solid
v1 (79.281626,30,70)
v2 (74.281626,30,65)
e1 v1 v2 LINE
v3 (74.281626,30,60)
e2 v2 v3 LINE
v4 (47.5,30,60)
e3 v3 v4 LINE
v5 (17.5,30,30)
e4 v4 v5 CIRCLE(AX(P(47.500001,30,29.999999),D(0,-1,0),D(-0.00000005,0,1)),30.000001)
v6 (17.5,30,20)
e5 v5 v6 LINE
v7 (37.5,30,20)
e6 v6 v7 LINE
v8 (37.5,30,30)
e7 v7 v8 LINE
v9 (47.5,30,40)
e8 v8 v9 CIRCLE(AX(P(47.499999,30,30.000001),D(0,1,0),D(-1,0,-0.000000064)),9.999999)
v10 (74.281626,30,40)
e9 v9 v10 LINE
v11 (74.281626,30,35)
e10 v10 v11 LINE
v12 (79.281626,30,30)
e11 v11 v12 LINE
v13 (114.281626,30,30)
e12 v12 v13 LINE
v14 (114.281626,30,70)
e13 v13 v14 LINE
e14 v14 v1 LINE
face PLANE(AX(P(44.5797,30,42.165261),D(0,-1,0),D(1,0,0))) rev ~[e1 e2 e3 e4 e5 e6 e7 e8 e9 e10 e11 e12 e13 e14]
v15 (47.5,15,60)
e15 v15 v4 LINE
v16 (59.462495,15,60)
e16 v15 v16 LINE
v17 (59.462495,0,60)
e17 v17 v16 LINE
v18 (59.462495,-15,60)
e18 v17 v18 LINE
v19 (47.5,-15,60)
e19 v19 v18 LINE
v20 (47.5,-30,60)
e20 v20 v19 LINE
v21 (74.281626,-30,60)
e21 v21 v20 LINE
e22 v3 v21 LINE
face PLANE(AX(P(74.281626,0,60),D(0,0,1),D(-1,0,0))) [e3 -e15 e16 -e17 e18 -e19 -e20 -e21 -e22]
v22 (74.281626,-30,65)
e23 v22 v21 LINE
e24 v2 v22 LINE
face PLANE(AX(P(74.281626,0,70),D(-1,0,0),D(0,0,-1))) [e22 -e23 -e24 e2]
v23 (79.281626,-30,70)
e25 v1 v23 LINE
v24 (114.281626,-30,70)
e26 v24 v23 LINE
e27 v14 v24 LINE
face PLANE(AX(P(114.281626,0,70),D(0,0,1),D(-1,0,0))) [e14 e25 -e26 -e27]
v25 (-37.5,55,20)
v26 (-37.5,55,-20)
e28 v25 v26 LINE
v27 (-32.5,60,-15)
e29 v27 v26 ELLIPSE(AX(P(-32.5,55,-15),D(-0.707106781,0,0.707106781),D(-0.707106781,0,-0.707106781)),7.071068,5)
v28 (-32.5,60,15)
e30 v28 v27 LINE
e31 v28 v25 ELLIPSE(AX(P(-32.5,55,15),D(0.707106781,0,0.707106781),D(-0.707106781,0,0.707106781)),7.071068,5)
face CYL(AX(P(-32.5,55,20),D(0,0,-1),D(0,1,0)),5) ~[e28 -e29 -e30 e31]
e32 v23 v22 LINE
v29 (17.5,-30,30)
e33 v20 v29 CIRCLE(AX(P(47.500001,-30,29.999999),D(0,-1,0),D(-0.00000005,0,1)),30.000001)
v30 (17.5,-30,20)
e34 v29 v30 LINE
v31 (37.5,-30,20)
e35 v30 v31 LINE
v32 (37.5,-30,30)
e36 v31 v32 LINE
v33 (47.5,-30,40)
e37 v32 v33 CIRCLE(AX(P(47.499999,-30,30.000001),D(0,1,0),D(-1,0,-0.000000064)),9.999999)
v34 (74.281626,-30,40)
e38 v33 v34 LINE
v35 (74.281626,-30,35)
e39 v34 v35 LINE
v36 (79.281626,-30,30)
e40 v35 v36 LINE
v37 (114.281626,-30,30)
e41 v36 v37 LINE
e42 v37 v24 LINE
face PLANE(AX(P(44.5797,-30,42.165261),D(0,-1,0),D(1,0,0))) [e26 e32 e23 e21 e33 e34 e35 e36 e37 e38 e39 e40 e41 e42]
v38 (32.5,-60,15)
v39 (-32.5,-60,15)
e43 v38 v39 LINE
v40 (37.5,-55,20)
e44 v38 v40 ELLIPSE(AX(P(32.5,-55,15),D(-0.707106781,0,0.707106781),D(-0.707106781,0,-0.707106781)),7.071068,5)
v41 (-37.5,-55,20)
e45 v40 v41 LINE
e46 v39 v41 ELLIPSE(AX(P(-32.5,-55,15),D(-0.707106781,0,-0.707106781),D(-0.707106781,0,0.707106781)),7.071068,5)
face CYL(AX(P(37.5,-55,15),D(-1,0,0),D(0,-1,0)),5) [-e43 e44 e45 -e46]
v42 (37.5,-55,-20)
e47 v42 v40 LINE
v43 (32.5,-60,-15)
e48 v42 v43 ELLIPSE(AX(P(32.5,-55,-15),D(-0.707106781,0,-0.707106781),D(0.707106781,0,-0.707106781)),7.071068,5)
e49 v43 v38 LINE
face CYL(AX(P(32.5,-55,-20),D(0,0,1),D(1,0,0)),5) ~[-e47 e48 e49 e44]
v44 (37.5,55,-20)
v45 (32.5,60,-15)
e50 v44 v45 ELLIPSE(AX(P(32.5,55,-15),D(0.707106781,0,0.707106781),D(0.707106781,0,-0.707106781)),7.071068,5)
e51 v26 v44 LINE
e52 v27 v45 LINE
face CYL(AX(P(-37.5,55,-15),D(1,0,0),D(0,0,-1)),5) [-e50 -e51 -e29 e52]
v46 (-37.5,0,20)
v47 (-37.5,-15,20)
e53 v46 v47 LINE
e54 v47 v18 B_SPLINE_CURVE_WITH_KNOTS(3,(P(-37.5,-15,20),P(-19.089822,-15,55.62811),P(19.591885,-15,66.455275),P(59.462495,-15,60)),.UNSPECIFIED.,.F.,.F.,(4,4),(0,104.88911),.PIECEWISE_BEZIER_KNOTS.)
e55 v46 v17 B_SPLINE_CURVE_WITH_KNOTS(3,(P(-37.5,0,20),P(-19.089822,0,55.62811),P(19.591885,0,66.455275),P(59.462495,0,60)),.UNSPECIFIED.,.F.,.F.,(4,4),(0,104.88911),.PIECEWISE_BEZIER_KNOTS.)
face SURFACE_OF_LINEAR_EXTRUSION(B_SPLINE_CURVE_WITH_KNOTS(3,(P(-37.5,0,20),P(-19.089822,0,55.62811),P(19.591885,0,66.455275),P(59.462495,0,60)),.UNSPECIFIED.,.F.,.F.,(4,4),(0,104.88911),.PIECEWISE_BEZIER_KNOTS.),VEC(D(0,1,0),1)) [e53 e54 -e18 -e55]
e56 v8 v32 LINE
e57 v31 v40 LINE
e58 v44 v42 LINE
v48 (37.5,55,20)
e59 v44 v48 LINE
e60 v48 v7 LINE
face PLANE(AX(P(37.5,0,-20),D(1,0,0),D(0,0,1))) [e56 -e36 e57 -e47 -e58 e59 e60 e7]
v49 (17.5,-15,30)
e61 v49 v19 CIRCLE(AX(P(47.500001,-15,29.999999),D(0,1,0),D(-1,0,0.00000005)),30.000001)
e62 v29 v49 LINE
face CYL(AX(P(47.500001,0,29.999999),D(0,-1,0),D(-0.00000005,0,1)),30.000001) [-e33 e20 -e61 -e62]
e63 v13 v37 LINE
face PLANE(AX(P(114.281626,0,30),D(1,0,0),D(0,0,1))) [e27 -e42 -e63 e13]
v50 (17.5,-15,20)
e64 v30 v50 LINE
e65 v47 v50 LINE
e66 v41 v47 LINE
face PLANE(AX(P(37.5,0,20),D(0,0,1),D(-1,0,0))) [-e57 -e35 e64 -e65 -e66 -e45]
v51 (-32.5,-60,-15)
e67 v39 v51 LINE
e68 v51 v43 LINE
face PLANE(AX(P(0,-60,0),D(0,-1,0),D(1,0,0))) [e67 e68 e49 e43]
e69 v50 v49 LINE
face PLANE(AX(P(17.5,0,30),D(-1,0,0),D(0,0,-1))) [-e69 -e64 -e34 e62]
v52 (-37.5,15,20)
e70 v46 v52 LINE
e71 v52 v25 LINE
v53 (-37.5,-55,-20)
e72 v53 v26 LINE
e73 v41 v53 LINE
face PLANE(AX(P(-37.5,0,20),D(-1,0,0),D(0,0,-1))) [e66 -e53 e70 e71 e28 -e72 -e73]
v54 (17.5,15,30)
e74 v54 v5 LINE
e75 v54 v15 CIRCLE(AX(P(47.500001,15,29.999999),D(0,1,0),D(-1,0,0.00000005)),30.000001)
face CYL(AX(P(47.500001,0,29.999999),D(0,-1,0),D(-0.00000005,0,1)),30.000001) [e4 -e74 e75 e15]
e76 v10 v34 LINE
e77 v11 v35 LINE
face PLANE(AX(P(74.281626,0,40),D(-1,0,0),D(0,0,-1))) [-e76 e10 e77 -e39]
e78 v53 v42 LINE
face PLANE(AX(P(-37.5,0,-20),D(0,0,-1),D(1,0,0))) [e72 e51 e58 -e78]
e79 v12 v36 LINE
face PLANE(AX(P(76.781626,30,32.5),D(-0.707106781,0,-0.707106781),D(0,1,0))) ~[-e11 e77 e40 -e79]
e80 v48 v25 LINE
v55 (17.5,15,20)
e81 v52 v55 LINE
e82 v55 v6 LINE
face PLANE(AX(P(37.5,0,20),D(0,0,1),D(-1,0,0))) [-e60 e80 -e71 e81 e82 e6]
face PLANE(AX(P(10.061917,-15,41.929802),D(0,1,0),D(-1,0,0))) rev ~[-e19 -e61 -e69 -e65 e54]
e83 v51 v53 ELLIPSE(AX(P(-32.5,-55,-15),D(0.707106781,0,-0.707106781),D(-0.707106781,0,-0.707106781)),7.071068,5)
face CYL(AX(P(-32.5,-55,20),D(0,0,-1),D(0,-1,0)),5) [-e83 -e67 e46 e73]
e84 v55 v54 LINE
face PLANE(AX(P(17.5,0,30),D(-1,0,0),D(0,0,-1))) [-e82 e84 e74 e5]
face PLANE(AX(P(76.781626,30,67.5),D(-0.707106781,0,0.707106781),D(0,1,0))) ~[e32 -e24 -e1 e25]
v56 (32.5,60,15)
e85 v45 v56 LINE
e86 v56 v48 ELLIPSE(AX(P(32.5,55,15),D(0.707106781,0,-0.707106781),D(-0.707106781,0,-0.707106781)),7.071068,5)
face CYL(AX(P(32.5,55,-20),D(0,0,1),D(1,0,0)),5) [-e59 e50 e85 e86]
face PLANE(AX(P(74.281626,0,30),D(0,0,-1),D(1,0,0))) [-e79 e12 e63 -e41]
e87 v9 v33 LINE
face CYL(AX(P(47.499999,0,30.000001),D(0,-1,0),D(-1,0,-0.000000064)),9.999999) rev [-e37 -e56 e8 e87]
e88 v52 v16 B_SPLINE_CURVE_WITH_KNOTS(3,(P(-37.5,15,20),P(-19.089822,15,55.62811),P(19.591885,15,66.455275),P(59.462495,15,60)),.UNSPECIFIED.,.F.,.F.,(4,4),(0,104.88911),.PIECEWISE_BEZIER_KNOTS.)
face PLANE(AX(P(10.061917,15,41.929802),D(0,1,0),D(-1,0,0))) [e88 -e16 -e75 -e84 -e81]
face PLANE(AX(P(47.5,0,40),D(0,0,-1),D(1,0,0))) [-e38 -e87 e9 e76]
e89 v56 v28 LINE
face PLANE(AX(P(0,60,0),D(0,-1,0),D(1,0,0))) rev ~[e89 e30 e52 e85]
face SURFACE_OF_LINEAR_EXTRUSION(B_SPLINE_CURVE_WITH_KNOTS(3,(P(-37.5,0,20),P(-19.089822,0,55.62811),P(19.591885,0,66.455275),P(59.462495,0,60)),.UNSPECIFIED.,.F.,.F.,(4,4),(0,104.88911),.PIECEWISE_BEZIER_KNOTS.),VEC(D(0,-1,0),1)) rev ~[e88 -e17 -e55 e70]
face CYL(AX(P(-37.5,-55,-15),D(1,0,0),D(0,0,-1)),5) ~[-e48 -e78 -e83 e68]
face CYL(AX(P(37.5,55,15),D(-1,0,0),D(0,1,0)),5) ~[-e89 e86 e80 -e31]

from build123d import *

# Parameters (mm, degrees)
F1_DEPTH = 30
F2_DEPTH = 60
F3_DEPTH = 15
F4_R     = 5
F5_SIZE  = 5
F6_R     = 5


with BuildPart() as f1:
    # F0 (on Front) → F1 (new body, symmetric)
    with BuildSketch(Plane.XZ):
        with BuildLine():
            Line((17.5, 20), (37.5, 20))
            Line((37.5, 20), (37.5, 30))
            ThreePointArc((37.5, 30), (40.428932, 37.071068), (47.5, 40))
            Line((47.5, 40), (74.281626, 40))
            Line((74.281626, 40), (74.281626, 60))
            Line((74.281626, 60), (59.462495, 60))
            Line((59.462495, 60), (47.5, 60))
            ThreePointArc((47.5, 60), (26.286797, 51.213203), (17.5, 30))
            Line((17.5, 30), (17.5, 20))
        make_face()
        Polygon((74.281626, 70), (74.281626, 60), (74.281626, 40), (74.281626, 30), (114.281626, 30), (114.281626, 70), align=None)
    extrude(amount=F1_DEPTH, both=True)

    # F0 (on Front) → F2 (join, symmetric)
    with BuildSketch(Plane.XZ):
        Polygon((-37.5, -20), (37.5, -20), (37.5, 20), (17.5, 20), (-37.5, 20), align=None)
    extrude(amount=F2_DEPTH, both=True)

    # F0 (on Front) → F3 (join, symmetric)
    with BuildSketch(Plane.XZ):
        with BuildLine():
            add(Edge.make_bspline(
                [(-37.5, 20), (-19.089822, 55.62811), (19.591885, 66.455275), (59.462495, 60)],
                knots=[0, 0, 0, 0, 104.88911, 104.88911, 104.88911, 104.88911], degree=3))
            Line((-37.5, 20), (17.5, 20))
            Line((17.5, 20), (17.5, 30))
            ThreePointArc((17.5, 30), (26.286797, 51.213203), (47.5, 60))
            Line((47.5, 60), (59.462495, 60))
        make_face()
    extrude(amount=F3_DEPTH, both=True)

    # F4
    f4_edges = [f1.edges().sort_by_distance(p)[0] for p in [
        (0, -60, 20),
        (-37.5, -60, 0),
        (0, -60, -20),
        (37.5, -60, 0),
    ]]
    fillet(f4_edges, radius=F4_R)

    # F5
    f5_edges = [f1.edges().sort_by_distance(p)[0] for p in [
        (74.281626, 0, 70),
        (74.281626, 0, 30),
    ]]
    chamfer(f5_edges, length=F5_SIZE)

    # F6
    f6_edges = [f1.edges().sort_by_distance(p)[0] for p in [
        (0, 60, 20),
        (-37.5, 60, 0),
        (0, 60, -20),
        (37.5, 60, 0),
    ]]
    fillet(f6_edges, radius=F6_R)


solid = f1.part
